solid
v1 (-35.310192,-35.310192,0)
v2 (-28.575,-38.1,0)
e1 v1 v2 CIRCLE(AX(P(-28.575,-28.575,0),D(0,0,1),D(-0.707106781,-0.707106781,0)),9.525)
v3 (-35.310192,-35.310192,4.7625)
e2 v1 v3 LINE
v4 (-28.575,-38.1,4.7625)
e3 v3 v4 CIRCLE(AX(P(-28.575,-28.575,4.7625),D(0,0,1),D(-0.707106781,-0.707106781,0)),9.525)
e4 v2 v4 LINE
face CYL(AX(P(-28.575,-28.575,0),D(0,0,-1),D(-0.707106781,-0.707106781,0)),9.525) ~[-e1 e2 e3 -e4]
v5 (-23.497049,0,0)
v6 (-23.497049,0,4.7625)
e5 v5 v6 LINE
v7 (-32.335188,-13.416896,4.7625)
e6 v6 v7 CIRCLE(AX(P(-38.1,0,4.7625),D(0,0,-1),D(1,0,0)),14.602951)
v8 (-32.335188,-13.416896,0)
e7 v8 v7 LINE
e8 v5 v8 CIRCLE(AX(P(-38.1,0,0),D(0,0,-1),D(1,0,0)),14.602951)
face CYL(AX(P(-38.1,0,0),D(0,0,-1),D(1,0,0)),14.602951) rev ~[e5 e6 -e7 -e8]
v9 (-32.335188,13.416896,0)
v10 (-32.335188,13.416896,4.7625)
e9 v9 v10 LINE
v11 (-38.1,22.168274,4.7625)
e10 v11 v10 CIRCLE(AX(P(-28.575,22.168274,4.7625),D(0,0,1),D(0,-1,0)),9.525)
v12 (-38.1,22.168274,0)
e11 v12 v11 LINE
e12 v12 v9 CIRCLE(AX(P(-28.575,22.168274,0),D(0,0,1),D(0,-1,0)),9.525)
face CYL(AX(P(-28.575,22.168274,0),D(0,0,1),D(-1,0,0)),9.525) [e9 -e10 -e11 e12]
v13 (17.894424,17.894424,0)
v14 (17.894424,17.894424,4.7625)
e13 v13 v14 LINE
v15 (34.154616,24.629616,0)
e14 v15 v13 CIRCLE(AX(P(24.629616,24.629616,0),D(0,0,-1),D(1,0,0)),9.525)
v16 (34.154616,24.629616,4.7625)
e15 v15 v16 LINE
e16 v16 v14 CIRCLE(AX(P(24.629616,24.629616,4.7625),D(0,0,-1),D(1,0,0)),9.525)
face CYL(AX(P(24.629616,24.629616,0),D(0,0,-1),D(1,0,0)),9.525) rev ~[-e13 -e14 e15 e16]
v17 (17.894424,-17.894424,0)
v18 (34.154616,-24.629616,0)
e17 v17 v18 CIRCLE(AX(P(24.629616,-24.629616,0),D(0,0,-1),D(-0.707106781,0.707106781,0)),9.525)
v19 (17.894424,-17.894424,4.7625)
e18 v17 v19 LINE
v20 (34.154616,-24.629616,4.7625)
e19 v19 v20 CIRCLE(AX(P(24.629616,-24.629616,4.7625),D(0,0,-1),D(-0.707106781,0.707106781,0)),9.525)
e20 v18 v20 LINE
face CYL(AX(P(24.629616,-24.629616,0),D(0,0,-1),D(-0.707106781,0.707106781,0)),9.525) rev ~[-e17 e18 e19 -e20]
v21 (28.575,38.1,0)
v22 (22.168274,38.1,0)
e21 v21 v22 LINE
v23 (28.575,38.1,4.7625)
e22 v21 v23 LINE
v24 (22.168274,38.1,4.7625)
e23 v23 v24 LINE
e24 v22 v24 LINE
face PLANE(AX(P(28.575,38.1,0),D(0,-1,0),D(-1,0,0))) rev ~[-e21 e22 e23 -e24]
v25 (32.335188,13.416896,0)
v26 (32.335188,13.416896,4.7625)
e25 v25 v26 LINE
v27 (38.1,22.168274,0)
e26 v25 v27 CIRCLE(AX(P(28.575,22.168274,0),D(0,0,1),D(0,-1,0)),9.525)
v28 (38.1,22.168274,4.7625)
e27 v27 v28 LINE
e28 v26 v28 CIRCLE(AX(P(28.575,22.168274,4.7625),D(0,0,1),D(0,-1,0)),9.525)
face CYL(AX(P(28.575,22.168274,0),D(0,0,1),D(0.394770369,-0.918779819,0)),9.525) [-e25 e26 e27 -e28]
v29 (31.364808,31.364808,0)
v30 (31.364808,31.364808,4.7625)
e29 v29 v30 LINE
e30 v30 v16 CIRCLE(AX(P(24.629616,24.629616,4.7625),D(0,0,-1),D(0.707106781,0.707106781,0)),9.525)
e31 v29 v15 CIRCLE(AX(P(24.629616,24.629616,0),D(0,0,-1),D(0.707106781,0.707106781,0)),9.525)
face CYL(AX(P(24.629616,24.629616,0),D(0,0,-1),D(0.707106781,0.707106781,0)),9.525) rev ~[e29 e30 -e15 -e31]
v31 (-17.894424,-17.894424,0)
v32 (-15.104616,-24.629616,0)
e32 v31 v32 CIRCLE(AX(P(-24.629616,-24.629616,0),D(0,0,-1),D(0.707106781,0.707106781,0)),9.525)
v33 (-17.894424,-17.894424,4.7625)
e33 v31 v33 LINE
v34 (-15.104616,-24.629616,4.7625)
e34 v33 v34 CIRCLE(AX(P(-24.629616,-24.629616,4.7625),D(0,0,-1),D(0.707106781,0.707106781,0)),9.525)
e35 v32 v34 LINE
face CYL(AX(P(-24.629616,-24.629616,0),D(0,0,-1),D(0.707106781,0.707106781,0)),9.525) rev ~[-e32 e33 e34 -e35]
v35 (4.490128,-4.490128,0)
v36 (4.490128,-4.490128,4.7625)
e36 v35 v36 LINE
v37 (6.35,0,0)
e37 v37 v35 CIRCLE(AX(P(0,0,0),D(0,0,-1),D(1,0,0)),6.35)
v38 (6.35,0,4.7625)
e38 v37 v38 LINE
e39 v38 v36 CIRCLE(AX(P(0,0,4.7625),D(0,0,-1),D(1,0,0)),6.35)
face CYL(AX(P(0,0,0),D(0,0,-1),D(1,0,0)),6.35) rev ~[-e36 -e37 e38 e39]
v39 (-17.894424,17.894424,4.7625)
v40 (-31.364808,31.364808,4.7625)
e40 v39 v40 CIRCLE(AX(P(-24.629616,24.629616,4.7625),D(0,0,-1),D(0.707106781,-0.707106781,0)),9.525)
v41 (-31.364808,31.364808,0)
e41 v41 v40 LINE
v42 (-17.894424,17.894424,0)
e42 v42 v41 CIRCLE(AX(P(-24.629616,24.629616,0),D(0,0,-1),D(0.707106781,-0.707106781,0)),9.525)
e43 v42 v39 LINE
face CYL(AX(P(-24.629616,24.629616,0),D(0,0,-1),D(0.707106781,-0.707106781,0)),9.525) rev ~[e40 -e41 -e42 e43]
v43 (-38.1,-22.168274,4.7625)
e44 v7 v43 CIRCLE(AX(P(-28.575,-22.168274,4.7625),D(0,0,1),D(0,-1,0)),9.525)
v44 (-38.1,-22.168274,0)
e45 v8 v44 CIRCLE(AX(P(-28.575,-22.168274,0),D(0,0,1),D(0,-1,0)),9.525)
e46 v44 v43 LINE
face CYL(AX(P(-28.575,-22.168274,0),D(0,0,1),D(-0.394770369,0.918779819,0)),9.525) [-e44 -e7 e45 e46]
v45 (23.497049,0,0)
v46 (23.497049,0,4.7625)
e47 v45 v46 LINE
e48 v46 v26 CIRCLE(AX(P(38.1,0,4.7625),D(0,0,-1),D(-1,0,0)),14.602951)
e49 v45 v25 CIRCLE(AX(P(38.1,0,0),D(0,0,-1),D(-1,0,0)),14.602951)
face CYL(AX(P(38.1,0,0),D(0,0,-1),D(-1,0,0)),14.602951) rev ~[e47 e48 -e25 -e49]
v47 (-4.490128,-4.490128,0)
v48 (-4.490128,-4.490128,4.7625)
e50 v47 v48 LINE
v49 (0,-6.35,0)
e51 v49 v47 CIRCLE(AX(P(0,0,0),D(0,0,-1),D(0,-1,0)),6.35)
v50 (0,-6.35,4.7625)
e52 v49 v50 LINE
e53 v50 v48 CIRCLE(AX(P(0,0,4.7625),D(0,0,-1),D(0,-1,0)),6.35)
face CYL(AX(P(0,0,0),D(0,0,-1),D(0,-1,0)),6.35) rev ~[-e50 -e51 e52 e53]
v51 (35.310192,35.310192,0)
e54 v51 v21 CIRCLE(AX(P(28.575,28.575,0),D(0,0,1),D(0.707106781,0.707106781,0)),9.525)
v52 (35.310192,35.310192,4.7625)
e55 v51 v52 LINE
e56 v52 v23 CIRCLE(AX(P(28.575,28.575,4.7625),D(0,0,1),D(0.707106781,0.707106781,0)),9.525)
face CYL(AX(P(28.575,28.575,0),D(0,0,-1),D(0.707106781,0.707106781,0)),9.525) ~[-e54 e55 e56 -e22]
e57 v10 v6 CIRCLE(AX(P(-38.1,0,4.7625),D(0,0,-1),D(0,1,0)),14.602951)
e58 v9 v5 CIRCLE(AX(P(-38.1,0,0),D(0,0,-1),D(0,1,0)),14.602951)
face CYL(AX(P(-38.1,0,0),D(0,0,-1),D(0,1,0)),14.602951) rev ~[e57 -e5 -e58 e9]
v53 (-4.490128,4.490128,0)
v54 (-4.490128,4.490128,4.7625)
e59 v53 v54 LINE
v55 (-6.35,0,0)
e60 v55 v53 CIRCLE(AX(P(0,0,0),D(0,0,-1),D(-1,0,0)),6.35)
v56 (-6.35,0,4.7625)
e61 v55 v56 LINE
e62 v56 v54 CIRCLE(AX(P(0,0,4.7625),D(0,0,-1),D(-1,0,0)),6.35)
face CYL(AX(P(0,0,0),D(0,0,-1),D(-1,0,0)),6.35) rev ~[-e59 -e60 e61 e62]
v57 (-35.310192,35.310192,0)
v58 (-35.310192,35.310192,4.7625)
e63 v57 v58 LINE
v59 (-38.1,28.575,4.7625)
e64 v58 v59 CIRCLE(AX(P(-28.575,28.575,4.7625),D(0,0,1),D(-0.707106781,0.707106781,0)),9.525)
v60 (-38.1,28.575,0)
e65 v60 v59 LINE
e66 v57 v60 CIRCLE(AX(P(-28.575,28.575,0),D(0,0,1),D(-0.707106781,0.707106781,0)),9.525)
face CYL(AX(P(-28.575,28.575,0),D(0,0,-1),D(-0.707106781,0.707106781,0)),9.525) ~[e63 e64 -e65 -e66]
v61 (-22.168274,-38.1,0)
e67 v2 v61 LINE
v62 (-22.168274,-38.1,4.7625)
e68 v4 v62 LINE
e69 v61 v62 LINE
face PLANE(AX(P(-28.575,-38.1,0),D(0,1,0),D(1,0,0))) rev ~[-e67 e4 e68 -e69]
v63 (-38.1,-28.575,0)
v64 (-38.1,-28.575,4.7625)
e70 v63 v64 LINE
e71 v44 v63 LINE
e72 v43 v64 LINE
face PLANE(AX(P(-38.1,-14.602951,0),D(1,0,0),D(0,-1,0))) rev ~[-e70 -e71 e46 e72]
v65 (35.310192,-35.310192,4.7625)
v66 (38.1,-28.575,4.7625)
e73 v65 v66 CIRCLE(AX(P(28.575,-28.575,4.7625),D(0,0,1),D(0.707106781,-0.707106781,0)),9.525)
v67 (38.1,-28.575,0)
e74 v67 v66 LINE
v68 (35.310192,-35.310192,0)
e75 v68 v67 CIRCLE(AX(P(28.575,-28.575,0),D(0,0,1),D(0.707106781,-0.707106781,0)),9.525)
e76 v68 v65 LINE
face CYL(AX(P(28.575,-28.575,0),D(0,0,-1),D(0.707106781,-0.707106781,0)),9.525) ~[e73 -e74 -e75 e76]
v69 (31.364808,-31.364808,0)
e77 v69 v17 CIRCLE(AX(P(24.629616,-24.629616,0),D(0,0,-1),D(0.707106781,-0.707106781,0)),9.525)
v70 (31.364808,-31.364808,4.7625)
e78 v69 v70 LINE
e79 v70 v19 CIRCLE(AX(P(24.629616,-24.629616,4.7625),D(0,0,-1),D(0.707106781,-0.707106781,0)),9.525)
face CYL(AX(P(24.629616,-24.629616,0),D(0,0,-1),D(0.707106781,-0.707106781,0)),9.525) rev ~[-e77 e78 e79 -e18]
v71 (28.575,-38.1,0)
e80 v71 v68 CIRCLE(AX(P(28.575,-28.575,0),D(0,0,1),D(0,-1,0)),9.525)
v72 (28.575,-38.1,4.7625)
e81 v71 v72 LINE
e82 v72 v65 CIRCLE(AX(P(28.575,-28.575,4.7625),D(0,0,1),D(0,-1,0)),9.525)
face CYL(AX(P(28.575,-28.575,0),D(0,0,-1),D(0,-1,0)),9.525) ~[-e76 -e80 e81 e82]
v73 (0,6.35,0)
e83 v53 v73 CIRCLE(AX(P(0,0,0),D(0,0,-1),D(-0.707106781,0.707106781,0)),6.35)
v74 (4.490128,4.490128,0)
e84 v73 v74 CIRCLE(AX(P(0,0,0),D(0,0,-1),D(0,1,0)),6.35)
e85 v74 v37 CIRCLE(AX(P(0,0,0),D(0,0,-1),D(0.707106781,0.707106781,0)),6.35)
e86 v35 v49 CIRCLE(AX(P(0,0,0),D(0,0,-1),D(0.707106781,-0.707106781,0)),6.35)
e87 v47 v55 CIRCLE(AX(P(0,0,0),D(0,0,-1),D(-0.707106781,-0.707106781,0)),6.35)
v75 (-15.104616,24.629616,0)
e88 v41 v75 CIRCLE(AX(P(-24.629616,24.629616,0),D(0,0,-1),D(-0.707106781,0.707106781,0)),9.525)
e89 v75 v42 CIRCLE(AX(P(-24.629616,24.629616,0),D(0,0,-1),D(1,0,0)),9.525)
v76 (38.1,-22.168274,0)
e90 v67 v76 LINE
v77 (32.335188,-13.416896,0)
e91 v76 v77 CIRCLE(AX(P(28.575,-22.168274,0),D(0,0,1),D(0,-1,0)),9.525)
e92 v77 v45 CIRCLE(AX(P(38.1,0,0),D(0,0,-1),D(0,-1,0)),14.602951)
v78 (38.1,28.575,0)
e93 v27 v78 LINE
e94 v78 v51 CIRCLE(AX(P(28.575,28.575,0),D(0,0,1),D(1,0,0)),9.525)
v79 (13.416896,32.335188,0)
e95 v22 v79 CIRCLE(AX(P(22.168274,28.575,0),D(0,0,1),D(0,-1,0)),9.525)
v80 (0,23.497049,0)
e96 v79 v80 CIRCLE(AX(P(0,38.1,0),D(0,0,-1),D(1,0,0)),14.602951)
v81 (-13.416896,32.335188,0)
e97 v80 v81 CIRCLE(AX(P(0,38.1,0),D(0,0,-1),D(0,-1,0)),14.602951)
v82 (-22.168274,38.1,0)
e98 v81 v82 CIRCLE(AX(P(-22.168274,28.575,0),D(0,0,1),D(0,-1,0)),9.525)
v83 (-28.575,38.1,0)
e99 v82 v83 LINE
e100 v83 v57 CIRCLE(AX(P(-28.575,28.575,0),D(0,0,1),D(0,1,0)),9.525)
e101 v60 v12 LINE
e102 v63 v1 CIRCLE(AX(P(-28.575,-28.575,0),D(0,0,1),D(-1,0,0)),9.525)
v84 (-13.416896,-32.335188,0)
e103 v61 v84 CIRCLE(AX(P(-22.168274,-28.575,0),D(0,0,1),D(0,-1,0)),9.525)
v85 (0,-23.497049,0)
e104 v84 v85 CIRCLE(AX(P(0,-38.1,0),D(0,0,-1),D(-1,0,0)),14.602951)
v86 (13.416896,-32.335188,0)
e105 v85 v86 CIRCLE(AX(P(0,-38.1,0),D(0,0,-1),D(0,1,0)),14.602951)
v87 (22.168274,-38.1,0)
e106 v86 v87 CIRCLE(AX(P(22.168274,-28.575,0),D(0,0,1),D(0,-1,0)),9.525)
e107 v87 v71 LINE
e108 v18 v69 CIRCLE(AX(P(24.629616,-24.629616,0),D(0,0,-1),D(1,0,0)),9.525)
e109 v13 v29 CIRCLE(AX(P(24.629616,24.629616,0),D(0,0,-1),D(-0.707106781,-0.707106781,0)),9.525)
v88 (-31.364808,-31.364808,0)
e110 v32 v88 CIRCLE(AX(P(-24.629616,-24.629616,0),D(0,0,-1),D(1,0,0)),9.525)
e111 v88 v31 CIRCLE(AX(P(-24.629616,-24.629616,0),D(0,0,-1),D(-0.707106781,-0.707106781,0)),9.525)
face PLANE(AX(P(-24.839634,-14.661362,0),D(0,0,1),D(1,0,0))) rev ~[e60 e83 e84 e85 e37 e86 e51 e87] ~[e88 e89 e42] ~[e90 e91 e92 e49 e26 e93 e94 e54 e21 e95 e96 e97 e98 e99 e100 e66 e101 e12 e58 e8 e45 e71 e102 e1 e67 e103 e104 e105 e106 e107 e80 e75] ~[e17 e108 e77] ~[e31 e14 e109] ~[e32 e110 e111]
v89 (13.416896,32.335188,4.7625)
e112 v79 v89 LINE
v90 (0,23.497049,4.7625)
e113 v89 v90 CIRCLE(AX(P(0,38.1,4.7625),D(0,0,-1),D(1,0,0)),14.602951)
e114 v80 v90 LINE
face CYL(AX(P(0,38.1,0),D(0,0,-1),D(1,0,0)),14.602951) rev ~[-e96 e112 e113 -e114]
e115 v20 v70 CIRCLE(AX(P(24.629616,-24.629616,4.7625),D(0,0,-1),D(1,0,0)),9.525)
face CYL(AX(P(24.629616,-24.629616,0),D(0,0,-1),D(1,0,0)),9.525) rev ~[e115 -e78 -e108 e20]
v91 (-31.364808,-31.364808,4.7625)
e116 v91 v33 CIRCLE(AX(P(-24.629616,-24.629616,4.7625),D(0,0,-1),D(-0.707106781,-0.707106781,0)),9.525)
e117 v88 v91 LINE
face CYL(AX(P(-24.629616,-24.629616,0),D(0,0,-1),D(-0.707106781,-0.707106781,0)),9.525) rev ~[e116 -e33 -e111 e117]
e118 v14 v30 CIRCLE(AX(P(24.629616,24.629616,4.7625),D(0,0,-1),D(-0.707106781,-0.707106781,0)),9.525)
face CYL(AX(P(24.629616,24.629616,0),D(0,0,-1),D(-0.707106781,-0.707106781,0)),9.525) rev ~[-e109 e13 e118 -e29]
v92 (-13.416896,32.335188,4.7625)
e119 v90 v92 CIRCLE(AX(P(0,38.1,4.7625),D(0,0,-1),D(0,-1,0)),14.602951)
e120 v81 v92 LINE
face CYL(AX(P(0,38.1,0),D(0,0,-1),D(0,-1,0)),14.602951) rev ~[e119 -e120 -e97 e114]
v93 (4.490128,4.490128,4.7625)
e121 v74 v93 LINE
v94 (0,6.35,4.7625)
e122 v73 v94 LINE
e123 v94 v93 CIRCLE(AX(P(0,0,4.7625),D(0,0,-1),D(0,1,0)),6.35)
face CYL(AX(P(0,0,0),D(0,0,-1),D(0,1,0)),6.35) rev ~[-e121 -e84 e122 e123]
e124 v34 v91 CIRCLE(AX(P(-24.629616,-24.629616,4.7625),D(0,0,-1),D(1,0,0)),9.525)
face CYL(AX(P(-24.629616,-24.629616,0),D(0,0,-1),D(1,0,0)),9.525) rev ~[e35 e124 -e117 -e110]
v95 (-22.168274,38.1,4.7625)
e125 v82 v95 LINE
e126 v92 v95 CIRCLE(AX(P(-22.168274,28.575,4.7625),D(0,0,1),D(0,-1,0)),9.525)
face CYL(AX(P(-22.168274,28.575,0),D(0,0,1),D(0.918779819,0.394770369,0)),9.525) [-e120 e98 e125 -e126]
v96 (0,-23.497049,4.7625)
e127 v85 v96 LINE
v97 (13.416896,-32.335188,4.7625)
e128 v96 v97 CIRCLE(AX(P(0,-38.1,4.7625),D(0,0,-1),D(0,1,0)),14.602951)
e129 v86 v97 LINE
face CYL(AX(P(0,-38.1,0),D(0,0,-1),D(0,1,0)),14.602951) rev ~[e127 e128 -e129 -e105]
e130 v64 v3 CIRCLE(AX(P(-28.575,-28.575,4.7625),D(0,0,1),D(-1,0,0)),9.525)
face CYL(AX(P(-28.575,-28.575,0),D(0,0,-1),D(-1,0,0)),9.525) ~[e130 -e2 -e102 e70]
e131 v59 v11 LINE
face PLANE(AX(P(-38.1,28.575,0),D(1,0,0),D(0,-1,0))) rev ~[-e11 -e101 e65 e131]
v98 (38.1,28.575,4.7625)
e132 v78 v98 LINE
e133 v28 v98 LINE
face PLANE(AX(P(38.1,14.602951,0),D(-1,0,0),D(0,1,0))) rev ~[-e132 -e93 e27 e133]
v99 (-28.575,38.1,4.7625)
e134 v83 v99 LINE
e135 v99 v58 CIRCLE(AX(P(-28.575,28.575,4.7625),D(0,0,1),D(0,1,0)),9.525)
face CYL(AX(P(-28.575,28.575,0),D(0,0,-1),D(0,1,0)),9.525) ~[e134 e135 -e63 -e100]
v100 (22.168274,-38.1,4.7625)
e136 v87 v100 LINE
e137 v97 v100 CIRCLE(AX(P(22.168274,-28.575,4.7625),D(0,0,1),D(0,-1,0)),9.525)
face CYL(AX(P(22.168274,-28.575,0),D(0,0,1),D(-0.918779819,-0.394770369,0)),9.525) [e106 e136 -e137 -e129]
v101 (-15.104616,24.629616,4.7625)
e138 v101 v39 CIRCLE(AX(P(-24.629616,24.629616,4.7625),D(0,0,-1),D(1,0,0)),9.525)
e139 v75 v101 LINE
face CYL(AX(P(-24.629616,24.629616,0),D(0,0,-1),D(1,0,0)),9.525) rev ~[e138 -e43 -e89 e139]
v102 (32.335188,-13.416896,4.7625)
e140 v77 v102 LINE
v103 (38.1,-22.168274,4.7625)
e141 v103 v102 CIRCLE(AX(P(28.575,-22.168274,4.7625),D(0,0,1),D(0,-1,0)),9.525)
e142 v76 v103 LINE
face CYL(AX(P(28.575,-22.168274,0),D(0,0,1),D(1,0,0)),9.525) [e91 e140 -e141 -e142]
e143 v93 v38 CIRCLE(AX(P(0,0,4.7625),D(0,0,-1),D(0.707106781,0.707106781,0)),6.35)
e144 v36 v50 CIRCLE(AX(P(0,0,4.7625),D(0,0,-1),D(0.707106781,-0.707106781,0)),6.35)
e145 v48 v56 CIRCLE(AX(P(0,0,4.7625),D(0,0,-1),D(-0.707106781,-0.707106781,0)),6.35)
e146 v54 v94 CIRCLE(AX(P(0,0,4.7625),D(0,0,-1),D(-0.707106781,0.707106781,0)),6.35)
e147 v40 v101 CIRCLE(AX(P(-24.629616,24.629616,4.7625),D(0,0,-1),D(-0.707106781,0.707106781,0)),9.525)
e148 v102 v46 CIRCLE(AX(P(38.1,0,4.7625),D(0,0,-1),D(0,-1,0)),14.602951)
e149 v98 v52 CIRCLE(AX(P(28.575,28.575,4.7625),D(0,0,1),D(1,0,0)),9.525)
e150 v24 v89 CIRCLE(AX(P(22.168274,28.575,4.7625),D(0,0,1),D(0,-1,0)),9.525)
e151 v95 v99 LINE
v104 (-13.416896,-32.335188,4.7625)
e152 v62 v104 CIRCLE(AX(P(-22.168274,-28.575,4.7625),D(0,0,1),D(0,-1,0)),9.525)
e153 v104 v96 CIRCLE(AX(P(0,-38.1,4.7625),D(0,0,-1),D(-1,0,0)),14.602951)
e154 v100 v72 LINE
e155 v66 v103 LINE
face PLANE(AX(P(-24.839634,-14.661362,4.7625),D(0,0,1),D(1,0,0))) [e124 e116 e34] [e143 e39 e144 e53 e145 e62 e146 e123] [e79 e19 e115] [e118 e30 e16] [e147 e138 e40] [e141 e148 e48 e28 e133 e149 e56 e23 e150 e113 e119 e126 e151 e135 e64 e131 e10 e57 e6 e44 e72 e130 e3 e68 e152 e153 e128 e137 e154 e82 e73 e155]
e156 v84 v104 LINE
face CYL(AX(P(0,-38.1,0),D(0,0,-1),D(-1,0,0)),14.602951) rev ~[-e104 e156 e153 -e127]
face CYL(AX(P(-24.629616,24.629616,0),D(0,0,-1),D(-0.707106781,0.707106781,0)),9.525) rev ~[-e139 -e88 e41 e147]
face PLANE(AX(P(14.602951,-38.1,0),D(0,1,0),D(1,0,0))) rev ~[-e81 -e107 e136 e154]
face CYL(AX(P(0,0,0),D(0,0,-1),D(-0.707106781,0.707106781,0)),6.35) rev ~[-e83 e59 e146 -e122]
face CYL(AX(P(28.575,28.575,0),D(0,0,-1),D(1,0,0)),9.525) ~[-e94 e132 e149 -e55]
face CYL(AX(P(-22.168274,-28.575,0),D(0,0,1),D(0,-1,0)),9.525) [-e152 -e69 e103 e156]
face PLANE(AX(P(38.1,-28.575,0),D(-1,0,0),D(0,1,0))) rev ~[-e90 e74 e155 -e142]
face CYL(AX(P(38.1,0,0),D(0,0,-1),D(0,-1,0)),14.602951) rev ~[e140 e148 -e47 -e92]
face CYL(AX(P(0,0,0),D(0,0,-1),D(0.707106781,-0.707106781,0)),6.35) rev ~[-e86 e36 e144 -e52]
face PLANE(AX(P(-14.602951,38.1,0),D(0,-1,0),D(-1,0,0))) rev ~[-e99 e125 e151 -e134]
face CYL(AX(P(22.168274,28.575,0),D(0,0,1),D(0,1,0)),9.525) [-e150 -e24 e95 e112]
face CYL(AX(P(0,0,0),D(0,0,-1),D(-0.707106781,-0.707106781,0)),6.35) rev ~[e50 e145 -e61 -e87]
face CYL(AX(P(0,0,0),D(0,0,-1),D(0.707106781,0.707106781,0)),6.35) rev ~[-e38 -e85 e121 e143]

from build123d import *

# Parameters (mm, degrees)
F1_DEPTH = 4.7625
F2_R     = 9.525


with BuildPart() as f1:
    # F0 (on Top) → F1 (new body)
    with BuildSketch(Plane.XY):
        with BuildLine():
            Line((-17.8944237276, -17.8944237276), (-4.4901280605, -4.4901280605))
            ThreePointArc((-4.4901280605, -4.4901280605), (-5.8666350314, -2.4300397955), (-6.35, 0))
            Line((-6.35, 0), (-23.4970493061, 0))
            ThreePointArc((-23.4970493061, 0), (-27.774154539, -10.325845461), (-38.1, -14.6029506939))
            Line((-38.1, -14.6029506939), (-38.1, -28.575))
            ThreePointArc((-38.1, -28.575), (-37.3749525472, -32.2200596933), (-35.3101920908, -35.3101920908))
            Line((-35.3101920908, -35.3101920908), (-31.3648079092, -31.3648079092))
            ThreePointArc((-31.3648079092, -31.3648079092), (-31.3648079092, -17.8944237276), (-17.8944237276, -17.8944237276))
        make_face()
        with BuildLine():
            ThreePointArc((-6.35, 0), (-5.8666350314, 2.4300397955), (-4.4901280605, 4.4901280605))
            Line((-4.4901280605, 4.4901280605), (-17.8944237276, 17.8944237276))
            ThreePointArc((-17.8944237276, 17.8944237276), (-31.3648079092, 17.8944237276), (-31.3648079092, 31.3648079092))
            Line((-31.3648079092, 31.3648079092), (-35.3101920908, 35.3101920908))
            ThreePointArc((-35.3101920908, 35.3101920908), (-37.3749525472, 32.2200596933), (-38.1, 28.575))
            Line((-38.1, 28.575), (-38.1, 14.6029506939))
            ThreePointArc((-38.1, 14.6029506939), (-27.774154539, 10.325845461), (-23.4970493061, 0))
            Line((-23.4970493061, 0), (-6.35, 0))
        make_face()
        with BuildLine():
            ThreePointArc((-4.4901280605, 4.4901280605), (-2.4300397955, 5.8666350314), (0, 6.35))
            Line((0, 6.35), (0, 23.4970493061))
            ThreePointArc((0, 23.4970493061), (-10.325845461, 27.774154539), (-14.6029506939, 38.1))
            Line((-14.6029506939, 38.1), (-28.575, 38.1))
            ThreePointArc((-28.575, 38.1), (-32.2200596933, 37.3749525472), (-35.3101920908, 35.3101920908))
            Line((-35.3101920908, 35.3101920908), (-31.3648079092, 31.3648079092))
            ThreePointArc((-31.3648079092, 31.3648079092), (-20.9845561251, 33.4295683656), (-15.1046158184, 24.6296158184))
            ThreePointArc((-15.1046158184, 24.6296158184), (-15.8296632712, 20.9845561251), (-17.8944237276, 17.8944237276))
            Line((-17.8944237276, 17.8944237276), (-4.4901280605, 4.4901280605))
        make_face()
        with BuildLine():
            ThreePointArc((0, 6.35), (2.4300397955, 5.8666350314), (4.4901280605, 4.4901280605))
            Line((4.4901280605, 4.4901280605), (17.8944237276, 17.8944237276))
            ThreePointArc((17.8944237276, 17.8944237276), (17.8944237276, 31.3648079092), (31.3648079092, 31.3648079092))
            Line((31.3648079092, 31.3648079092), (35.3101920908, 35.3101920908))
            ThreePointArc((35.3101920908, 35.3101920908), (32.2200596933, 37.3749525472), (28.575, 38.1))
            Line((28.575, 38.1), (14.6029506939, 38.1))
            ThreePointArc((14.6029506939, 38.1), (10.325845461, 27.774154539), (0, 23.4970493061))
            Line((0, 23.4970493061), (0, 6.35))
        make_face()
        with BuildLine():
            ThreePointArc((4.4901280605, 4.4901280605), (5.8666350314, 2.4300397955), (6.35, 0))
            Line((6.35, 0), (23.4970493061, 0))
            ThreePointArc((23.4970493061, 0), (27.774154539, 10.325845461), (38.1, 14.6029506939))
            Line((38.1, 14.6029506939), (38.1, 28.575))
            ThreePointArc((38.1, 28.575), (37.3749525472, 32.2200596933), (35.3101920908, 35.3101920908))
            Line((35.3101920908, 35.3101920908), (31.3648079092, 31.3648079092))
            ThreePointArc((31.3648079092, 31.3648079092), (33.4295683656, 28.2746755117), (34.1546158184, 24.6296158184))
            ThreePointArc((34.1546158184, 24.6296158184), (28.2746755117, 15.8296632712), (17.8944237276, 17.8944237276))
            Line((17.8944237276, 17.8944237276), (4.4901280605, 4.4901280605))
        make_face()
        with BuildLine():
            Line((23.4970493061, 0), (6.35, 0))
            ThreePointArc((6.35, 0), (5.8666350314, -2.4300397955), (4.4901280605, -4.4901280605))
            Line((4.4901280605, -4.4901280605), (17.8944237276, -17.8944237276))
            ThreePointArc((17.8944237276, -17.8944237276), (28.2746755117, -15.8296632712), (34.1546158184, -24.6296158184))
            ThreePointArc((34.1546158184, -24.6296158184), (33.4295683656, -28.2746755117), (31.3648079092, -31.3648079092))
            Line((31.3648079092, -31.3648079092), (35.3101920908, -35.3101920908))
            ThreePointArc((35.3101920908, -35.3101920908), (37.3749525472, -32.2200596933), (38.1, -28.575))
            Line((38.1, -28.575), (38.1, -14.6029506939))
            ThreePointArc((38.1, -14.6029506939), (27.774154539, -10.325845461), (23.4970493061, 0))
        make_face()
        with BuildLine():
            Line((17.8944237276, -17.8944237276), (4.4901280605, -4.4901280605))
            ThreePointArc((4.4901280605, -4.4901280605), (2.4300397955, -5.8666350314), (0, -6.35))
            Line((0, -6.35), (0, -23.4970493061))
            ThreePointArc((0, -23.4970493061), (10.325845461, -27.774154539), (14.6029506939, -38.1))
            Line((14.6029506939, -38.1), (28.575, -38.1))
            ThreePointArc((28.575, -38.1), (32.2200596933, -37.3749525472), (35.3101920908, -35.3101920908))
            Line((35.3101920908, -35.3101920908), (31.3648079092, -31.3648079092))
            ThreePointArc((31.3648079092, -31.3648079092), (17.8944237276, -31.3648079092), (17.8944237276, -17.8944237276))
        make_face()
        with BuildLine():
            Line((0, -23.4970493061), (0, -6.35))
            ThreePointArc((0, -6.35), (-2.4300397955, -5.8666350314), (-4.4901280605, -4.4901280605))
            Line((-4.4901280605, -4.4901280605), (-17.8944237276, -17.8944237276))
            ThreePointArc((-17.8944237276, -17.8944237276), (-15.8296632712, -20.9845561251), (-15.1046158184, -24.6296158184))
            ThreePointArc((-15.1046158184, -24.6296158184), (-20.9845561251, -33.4295683656), (-31.3648079092, -31.3648079092))
            Line((-31.3648079092, -31.3648079092), (-35.3101920908, -35.3101920908))
            ThreePointArc((-35.3101920908, -35.3101920908), (-32.2200596933, -37.3749525472), (-28.575, -38.1))
            Line((-28.575, -38.1), (-14.6029506939, -38.1))
            ThreePointArc((-14.6029506939, -38.1), (-10.325845461, -27.774154539), (0, -23.4970493061))
        make_face()
    extrude(amount=F1_DEPTH)

    # F2
    f2_edges = [f1.edges().sort_by_distance(p)[0] for p in [
        (-38.1, 14.602951, 2.38125),
        (-38.1, -14.602951, 2.38125),
        (-14.602951, -38.1, 2.38125),
        (14.602951, -38.1, 2.38125),
        (38.1, -14.602951, 2.38125),
        (38.1, 14.602951, 2.38125),
        (-14.602951, 38.1, 2.38125),
        (14.602951, 38.1, 2.38125),
    ]]
    fillet(f2_edges, radius=F2_R)


solid = f1.part
